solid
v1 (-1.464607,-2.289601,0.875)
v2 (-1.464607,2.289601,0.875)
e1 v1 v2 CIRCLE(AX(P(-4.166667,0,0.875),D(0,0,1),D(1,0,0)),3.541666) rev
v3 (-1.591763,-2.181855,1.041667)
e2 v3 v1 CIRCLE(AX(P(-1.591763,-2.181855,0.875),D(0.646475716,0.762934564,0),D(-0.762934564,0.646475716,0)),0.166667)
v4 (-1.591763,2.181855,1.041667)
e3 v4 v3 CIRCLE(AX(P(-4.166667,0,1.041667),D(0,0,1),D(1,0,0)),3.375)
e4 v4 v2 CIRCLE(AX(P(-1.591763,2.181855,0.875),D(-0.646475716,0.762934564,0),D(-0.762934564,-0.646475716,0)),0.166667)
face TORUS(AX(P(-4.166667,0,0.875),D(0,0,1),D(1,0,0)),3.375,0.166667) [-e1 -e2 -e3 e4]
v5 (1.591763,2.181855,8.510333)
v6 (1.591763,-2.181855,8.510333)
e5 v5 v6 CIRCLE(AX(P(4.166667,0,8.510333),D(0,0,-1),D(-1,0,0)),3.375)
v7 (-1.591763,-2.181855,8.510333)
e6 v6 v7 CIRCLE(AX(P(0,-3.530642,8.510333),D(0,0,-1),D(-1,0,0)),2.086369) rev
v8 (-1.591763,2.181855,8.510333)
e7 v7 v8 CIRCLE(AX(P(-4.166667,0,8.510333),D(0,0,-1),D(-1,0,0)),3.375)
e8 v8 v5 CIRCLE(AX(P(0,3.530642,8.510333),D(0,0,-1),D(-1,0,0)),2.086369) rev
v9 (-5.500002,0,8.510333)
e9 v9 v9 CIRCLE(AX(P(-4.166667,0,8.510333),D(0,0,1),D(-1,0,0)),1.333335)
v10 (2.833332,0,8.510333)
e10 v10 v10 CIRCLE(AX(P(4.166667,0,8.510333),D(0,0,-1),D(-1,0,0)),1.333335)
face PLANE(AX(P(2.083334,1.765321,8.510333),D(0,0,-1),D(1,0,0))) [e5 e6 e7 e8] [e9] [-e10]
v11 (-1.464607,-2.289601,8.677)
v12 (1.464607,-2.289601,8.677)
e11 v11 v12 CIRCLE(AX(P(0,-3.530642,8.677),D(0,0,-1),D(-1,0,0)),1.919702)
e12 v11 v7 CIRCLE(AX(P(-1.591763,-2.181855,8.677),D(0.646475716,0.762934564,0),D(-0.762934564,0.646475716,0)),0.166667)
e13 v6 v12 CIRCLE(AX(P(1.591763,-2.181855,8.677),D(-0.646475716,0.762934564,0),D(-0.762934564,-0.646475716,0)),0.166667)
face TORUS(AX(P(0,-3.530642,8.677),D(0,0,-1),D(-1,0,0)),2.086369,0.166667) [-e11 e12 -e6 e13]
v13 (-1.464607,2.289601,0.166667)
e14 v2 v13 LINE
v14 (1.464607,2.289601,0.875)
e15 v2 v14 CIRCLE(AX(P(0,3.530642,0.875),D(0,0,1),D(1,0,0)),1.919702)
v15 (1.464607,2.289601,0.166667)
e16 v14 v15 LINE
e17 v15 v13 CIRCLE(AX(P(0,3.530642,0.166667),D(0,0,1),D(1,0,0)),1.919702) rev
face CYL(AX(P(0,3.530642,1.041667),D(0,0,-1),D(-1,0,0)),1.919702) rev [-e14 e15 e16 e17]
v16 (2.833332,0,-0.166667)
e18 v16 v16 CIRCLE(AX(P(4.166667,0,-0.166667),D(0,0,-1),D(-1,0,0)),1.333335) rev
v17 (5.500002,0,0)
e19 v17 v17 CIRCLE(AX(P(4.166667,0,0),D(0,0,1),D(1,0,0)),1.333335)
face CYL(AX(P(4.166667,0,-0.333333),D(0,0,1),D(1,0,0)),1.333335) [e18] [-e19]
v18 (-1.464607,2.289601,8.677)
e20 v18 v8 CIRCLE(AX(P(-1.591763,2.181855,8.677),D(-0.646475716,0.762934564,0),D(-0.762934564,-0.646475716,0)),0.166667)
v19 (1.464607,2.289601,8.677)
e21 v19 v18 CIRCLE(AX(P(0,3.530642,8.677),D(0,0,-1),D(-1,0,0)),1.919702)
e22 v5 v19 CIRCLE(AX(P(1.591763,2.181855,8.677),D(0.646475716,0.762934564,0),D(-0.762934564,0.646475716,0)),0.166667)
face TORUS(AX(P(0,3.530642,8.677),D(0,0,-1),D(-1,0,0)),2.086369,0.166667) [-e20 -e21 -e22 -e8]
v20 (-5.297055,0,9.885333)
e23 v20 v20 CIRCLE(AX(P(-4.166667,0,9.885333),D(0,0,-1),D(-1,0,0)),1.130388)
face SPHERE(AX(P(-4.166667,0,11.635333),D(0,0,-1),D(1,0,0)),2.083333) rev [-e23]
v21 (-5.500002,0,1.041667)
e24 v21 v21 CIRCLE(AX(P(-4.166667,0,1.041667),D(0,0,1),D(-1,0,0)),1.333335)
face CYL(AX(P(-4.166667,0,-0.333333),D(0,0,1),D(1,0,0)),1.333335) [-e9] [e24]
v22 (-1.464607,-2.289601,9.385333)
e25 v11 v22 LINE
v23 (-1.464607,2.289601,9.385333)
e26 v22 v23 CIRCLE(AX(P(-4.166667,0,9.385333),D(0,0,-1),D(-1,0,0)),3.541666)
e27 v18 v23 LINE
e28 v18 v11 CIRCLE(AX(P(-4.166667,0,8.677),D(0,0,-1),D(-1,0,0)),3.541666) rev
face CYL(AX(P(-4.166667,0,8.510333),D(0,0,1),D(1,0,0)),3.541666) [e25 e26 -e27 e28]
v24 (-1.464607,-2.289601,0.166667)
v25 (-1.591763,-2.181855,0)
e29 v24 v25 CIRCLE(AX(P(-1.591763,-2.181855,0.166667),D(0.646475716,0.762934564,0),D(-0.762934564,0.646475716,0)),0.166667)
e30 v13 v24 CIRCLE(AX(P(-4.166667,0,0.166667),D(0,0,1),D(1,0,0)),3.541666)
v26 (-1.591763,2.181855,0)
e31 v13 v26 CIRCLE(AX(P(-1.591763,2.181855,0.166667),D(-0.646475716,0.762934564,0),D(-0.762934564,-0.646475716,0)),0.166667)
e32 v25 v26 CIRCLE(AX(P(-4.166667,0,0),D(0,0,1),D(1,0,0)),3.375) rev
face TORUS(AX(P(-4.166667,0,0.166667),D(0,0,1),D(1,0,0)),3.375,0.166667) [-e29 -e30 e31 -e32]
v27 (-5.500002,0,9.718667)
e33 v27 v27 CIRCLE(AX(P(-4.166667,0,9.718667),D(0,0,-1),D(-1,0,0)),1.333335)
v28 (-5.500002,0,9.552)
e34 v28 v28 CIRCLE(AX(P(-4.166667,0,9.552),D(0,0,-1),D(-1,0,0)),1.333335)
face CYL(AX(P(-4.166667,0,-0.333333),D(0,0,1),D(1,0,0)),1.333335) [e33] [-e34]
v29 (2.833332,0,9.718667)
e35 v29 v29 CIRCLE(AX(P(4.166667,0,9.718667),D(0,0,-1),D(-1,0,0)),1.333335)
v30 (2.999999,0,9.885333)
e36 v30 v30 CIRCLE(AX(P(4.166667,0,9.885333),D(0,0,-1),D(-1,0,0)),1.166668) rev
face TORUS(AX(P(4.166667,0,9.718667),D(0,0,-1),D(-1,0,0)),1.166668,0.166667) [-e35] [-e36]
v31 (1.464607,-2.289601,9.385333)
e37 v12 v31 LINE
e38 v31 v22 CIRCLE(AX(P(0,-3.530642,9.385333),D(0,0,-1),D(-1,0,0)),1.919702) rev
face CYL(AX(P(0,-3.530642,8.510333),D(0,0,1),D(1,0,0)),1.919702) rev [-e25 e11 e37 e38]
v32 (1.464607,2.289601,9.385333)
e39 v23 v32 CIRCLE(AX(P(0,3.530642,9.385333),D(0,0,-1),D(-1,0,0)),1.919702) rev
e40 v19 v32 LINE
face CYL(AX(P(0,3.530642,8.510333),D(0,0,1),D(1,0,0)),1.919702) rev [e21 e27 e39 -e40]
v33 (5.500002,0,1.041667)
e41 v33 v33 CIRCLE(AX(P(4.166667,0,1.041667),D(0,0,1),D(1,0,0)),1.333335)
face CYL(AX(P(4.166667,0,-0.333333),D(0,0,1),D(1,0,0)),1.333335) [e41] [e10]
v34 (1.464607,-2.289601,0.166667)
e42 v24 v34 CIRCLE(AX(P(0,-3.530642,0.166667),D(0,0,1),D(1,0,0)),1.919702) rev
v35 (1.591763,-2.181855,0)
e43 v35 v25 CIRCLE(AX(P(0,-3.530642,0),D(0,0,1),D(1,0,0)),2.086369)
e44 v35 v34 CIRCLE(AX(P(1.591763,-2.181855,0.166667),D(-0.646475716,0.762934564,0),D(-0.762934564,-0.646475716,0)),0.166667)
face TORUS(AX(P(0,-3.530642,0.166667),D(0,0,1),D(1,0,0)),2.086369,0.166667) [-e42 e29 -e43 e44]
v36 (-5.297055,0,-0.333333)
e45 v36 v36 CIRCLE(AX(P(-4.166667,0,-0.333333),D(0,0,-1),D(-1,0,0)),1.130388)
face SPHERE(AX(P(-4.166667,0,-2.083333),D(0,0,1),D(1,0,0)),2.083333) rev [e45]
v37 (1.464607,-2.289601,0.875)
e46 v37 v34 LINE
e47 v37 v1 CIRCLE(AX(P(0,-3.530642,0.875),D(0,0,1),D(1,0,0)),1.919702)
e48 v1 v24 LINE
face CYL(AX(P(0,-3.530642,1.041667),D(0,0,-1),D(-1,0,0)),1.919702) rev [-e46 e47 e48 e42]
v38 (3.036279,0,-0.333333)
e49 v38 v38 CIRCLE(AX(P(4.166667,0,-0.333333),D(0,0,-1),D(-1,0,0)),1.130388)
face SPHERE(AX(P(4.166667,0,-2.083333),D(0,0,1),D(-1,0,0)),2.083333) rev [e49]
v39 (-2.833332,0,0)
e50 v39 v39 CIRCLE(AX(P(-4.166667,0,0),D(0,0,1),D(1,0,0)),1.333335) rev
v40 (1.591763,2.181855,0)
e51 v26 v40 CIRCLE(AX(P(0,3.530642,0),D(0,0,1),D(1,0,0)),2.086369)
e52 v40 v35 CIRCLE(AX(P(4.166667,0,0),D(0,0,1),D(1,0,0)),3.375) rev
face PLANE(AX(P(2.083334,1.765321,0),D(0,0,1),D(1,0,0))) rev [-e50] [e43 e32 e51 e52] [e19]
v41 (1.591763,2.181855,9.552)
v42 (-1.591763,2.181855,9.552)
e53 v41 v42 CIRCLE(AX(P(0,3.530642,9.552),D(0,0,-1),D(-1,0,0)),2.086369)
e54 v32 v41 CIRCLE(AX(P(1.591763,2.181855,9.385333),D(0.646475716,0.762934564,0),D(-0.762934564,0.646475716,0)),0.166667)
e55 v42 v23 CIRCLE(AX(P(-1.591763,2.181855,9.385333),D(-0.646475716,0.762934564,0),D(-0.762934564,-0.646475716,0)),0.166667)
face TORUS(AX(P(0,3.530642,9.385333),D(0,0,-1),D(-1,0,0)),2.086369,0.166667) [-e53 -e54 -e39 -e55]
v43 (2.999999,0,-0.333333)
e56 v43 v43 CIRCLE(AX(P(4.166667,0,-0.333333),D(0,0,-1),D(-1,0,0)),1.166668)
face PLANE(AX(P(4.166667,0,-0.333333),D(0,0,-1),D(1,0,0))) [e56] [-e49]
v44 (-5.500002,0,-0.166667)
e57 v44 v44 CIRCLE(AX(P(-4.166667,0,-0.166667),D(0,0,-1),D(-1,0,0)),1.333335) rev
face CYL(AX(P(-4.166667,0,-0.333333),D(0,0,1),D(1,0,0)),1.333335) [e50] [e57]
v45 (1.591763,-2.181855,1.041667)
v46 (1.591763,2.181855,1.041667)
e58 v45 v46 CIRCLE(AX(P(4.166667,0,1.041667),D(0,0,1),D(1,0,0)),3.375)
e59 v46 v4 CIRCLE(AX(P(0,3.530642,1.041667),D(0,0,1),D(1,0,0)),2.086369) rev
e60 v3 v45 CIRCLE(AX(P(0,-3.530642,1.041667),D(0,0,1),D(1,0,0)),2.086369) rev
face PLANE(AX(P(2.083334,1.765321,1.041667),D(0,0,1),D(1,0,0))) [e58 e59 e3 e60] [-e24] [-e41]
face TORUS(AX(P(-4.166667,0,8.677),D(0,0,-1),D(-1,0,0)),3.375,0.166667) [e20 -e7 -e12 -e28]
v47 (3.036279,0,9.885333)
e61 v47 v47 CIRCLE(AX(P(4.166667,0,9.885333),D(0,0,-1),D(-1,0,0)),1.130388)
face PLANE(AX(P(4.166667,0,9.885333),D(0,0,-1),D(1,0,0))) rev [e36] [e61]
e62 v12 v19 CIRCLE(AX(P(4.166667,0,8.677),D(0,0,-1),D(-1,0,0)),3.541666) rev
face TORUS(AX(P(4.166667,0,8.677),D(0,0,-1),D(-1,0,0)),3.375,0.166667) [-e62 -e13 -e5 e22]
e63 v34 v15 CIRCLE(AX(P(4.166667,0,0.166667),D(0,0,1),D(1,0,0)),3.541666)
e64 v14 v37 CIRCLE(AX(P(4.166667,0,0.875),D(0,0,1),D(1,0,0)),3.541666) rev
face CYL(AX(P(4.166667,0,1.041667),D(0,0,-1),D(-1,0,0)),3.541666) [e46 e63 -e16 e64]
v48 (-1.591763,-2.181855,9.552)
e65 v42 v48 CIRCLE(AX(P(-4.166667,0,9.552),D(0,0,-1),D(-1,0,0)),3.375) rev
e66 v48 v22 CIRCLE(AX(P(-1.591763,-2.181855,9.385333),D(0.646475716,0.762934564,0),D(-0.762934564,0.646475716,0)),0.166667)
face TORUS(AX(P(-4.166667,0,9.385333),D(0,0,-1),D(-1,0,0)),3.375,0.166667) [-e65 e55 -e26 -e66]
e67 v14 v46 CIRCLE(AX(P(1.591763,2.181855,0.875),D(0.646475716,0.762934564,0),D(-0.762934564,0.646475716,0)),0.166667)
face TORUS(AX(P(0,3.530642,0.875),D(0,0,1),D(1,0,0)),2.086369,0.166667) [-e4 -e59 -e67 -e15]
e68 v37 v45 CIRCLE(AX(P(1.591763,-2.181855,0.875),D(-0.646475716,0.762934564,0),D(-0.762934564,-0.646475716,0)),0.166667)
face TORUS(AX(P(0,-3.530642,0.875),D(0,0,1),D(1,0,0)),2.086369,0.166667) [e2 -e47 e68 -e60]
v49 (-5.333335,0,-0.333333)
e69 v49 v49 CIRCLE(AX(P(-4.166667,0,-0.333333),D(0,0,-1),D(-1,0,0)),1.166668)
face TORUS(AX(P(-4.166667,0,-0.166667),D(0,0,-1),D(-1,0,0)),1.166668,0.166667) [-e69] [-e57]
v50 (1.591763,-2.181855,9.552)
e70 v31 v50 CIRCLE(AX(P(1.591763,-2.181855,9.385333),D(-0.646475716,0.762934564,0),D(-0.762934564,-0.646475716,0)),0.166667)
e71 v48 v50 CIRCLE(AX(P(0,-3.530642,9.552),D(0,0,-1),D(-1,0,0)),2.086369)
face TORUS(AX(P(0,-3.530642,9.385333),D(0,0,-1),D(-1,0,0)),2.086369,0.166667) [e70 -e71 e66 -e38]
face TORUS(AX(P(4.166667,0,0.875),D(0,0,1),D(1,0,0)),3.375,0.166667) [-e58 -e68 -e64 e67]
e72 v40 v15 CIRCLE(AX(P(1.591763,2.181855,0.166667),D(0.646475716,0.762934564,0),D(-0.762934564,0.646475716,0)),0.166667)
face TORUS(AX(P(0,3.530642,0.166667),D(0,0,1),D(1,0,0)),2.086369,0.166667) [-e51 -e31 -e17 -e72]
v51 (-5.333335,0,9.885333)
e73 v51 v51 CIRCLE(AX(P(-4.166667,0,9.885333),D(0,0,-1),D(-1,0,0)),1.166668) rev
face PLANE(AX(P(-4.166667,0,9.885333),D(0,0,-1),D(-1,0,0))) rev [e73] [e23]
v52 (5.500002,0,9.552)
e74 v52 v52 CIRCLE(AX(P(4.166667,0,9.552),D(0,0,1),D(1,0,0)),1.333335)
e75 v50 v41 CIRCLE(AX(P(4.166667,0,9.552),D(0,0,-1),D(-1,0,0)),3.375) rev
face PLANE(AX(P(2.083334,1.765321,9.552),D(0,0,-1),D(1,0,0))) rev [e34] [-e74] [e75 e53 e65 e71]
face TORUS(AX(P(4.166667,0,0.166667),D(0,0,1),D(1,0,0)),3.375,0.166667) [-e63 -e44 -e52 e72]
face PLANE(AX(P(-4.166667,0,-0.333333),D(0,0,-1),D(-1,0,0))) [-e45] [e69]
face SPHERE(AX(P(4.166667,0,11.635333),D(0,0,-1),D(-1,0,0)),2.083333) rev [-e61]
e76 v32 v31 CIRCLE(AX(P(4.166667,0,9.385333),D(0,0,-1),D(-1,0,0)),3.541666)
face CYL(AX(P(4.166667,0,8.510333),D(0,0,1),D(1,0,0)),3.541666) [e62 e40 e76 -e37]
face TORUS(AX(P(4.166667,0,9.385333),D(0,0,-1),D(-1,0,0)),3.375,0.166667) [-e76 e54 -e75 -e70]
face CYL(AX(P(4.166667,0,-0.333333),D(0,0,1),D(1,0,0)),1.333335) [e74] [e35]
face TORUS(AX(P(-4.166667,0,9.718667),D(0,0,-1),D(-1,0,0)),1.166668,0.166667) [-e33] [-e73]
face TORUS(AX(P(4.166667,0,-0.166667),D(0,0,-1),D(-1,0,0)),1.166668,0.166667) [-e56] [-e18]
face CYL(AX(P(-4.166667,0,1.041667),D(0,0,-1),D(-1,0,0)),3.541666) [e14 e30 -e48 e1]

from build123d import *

# Parameters (mm, degrees)
SKETCH1_R           = 1.333335
BOSS_EXTRUDE1_DEPTH = 1.04166667
BOSS_EXTRUDE2_START = 0.33333333
SKETCH2_R           = 1.333335
BOSS_EXTRUDE2_DEPTH = 10.21866666
FILLET1_R           = 0.166666667
FILLET2_R           = 0.166666667


with BuildPart() as part:
    # Sketch1 → Boss-Extrude1 (new body)
    with BuildSketch(Plane.XY):
        with BuildLine():
            ThreePointArc((1.464607213, -2.289601385), (7.7083335, 0), (1.464607213, 2.289601385))
            ThreePointArc((1.464607213, 2.289601385), (0, 1.610940015), (-1.464607213, 2.289601385))
            ThreePointArc((-1.464607213, 2.289601385), (-7.7083335, 0), (-1.464607213, -2.289601385))
            ThreePointArc((-1.464607213, -2.289601385), (0, -1.610940015), (1.464607213, -2.289601385))
        make_face()
        with Locations((4.166667, 0)):
            Circle(SKETCH1_R, mode=Mode.SUBTRACT)
        with Locations(Location((-4.166667, 0, 0), (0, 0, 180))):
            Circle(SKETCH1_R, mode=Mode.SUBTRACT)
    boss_extrude1 = extrude(amount=BOSS_EXTRUDE1_DEPTH)

    # Sketch2 → Boss-Extrude2 (add)
    with BuildSketch(Plane(origin=(0, 0, 0), x_dir=(-1, 0, 0), z_dir=(0, 0, -1)).offset(BOSS_EXTRUDE2_START)):
        with Locations(Location((4.166667, 0, 0), (0, 0, 180))):
            Circle(SKETCH2_R)
    boss_extrude2 = extrude(amount=-BOSS_EXTRUDE2_DEPTH)

    # Mirror1: Boss-Extrude1 across plane
    add(boss_extrude1.mirror(Plane(origin=(0, 0, 4.776), x_dir=(1, 0, 0), z_dir=(0, 0, -1))))

    # Sketch3 → Cut-Revolve1 (revolve, cut)
    with BuildSketch(Plane(origin=(0, 0, 0), x_dir=(1, 0, 0), z_dir=(0, 1, 0))):
        with BuildLine():
            Line((-4.166667, -9.552), (-4.166667, -10.5936665))
            Line((-4.166667, -10.5936665), (-5.970886303, -10.5936665))
            ThreePointArc((-5.970886303, -10.5936665), (-5.2083335, -9.831113697), (-4.166667, -9.552))
        make_face()
    cut_revolve1 = revolve(axis=Axis((-4.166667, 0, 9.552), (0, 0, 1)), mode=Mode.SUBTRACT)

    # Mirror2: Boss-Extrude2, Cut-Revolve1 across plane
    add(boss_extrude2.mirror(Plane(origin=(0, 0, 0), x_dir=(0, 0, 1), z_dir=(1, 0, 0))))
    add(cut_revolve1.mirror(Plane(origin=(0, 0, 0), x_dir=(0, 0, 1), z_dir=(1, 0, 0))), mode=Mode.SUBTRACT)

    # Mirror3: Cut-Revolve1 across plane
    add(cut_revolve1.mirror(Plane(origin=(0, 0, 4.776), x_dir=(1, 0, 0), z_dir=(0, 0, -1))), mode=Mode.SUBTRACT)

    # Mirror4 copy 1 sketch → Mirror4 copy 1 (revolve, cut)
    with BuildSketch(Plane(origin=(0, 0, 9.552), x_dir=(-1, 0, 0), z_dir=(0, 1, 0))):
        with BuildLine():
            Line((-4.166667, -9.552), (-4.166667, -10.5936665))
            Line((-4.166667, -10.5936665), (-5.970886303, -10.5936665))
            ThreePointArc((-5.970886303, -10.5936665), (-5.2083335, -9.831113697), (-4.166667, -9.552))
        make_face()
    revolve(axis=Axis((4.166667, 0, 0), (0, 0, -1)), mode=Mode.SUBTRACT)

    # Mirror4 copy 2 sketch → Mirror4 copy 2 (revolve, cut)
    with BuildSketch(Plane(origin=(0, 0, 0), x_dir=(-1, 0, 0), z_dir=(0, 1, 0))):
        with BuildLine():
            Line((-4.166667, 9.552), (-4.166667, 10.5936665))
            Line((-4.166667, 10.5936665), (-5.970886303, 10.5936665))
            ThreePointArc((-5.970886303, 10.5936665), (-5.2083335, 9.831113697), (-4.166667, 9.552))
        make_face()
    revolve(axis=Axis((4.166667, 0, 9.552), (0, 0, -1)), mode=Mode.SUBTRACT)

    # Fillet1
    fillet1_edges = [part.edges().sort_by_distance(p)[0] for p in [
        (-5.500002, 0, 9.88533333),
        (-5.500002, 0, -0.33333333),
        (5.500002, 0, -0.33333333),
        (5.500002, 0, 9.88533333),
    ]]
    fillet(fillet1_edges, radius=FILLET1_R)

    # Fillet2
    fillet2_edges = [part.edges().sort_by_distance(p)[0] for p in [
        (0, -1.610940015, 1.04166667),
        (7.7083335, 0, 1.04166667),
        (0, 1.610940015, 8.51033333),
        (7.7083335, 0, 8.51033333),
        (0, -1.610940015, 8.51033333),
        (-7.7083335, 0, 8.51033333),
        (0, 1.610940015, 9.552),
        (-7.7083335, 0, 9.552),
        (0, -1.610940015, 9.552),
        (7.7083335, 0, 9.552),
        (0, 1.610940015, 1.04166667),
        (7.7083335, 0, 0),
        (0, -1.610940015, 0),
        (-7.7083335, 0, 0),
        (0, 1.610940015, 0),
        (-7.7083335, 0, 1.04166667),
    ]]
    fillet(fillet2_edges, radius=FILLET2_R)


solid = part.part
